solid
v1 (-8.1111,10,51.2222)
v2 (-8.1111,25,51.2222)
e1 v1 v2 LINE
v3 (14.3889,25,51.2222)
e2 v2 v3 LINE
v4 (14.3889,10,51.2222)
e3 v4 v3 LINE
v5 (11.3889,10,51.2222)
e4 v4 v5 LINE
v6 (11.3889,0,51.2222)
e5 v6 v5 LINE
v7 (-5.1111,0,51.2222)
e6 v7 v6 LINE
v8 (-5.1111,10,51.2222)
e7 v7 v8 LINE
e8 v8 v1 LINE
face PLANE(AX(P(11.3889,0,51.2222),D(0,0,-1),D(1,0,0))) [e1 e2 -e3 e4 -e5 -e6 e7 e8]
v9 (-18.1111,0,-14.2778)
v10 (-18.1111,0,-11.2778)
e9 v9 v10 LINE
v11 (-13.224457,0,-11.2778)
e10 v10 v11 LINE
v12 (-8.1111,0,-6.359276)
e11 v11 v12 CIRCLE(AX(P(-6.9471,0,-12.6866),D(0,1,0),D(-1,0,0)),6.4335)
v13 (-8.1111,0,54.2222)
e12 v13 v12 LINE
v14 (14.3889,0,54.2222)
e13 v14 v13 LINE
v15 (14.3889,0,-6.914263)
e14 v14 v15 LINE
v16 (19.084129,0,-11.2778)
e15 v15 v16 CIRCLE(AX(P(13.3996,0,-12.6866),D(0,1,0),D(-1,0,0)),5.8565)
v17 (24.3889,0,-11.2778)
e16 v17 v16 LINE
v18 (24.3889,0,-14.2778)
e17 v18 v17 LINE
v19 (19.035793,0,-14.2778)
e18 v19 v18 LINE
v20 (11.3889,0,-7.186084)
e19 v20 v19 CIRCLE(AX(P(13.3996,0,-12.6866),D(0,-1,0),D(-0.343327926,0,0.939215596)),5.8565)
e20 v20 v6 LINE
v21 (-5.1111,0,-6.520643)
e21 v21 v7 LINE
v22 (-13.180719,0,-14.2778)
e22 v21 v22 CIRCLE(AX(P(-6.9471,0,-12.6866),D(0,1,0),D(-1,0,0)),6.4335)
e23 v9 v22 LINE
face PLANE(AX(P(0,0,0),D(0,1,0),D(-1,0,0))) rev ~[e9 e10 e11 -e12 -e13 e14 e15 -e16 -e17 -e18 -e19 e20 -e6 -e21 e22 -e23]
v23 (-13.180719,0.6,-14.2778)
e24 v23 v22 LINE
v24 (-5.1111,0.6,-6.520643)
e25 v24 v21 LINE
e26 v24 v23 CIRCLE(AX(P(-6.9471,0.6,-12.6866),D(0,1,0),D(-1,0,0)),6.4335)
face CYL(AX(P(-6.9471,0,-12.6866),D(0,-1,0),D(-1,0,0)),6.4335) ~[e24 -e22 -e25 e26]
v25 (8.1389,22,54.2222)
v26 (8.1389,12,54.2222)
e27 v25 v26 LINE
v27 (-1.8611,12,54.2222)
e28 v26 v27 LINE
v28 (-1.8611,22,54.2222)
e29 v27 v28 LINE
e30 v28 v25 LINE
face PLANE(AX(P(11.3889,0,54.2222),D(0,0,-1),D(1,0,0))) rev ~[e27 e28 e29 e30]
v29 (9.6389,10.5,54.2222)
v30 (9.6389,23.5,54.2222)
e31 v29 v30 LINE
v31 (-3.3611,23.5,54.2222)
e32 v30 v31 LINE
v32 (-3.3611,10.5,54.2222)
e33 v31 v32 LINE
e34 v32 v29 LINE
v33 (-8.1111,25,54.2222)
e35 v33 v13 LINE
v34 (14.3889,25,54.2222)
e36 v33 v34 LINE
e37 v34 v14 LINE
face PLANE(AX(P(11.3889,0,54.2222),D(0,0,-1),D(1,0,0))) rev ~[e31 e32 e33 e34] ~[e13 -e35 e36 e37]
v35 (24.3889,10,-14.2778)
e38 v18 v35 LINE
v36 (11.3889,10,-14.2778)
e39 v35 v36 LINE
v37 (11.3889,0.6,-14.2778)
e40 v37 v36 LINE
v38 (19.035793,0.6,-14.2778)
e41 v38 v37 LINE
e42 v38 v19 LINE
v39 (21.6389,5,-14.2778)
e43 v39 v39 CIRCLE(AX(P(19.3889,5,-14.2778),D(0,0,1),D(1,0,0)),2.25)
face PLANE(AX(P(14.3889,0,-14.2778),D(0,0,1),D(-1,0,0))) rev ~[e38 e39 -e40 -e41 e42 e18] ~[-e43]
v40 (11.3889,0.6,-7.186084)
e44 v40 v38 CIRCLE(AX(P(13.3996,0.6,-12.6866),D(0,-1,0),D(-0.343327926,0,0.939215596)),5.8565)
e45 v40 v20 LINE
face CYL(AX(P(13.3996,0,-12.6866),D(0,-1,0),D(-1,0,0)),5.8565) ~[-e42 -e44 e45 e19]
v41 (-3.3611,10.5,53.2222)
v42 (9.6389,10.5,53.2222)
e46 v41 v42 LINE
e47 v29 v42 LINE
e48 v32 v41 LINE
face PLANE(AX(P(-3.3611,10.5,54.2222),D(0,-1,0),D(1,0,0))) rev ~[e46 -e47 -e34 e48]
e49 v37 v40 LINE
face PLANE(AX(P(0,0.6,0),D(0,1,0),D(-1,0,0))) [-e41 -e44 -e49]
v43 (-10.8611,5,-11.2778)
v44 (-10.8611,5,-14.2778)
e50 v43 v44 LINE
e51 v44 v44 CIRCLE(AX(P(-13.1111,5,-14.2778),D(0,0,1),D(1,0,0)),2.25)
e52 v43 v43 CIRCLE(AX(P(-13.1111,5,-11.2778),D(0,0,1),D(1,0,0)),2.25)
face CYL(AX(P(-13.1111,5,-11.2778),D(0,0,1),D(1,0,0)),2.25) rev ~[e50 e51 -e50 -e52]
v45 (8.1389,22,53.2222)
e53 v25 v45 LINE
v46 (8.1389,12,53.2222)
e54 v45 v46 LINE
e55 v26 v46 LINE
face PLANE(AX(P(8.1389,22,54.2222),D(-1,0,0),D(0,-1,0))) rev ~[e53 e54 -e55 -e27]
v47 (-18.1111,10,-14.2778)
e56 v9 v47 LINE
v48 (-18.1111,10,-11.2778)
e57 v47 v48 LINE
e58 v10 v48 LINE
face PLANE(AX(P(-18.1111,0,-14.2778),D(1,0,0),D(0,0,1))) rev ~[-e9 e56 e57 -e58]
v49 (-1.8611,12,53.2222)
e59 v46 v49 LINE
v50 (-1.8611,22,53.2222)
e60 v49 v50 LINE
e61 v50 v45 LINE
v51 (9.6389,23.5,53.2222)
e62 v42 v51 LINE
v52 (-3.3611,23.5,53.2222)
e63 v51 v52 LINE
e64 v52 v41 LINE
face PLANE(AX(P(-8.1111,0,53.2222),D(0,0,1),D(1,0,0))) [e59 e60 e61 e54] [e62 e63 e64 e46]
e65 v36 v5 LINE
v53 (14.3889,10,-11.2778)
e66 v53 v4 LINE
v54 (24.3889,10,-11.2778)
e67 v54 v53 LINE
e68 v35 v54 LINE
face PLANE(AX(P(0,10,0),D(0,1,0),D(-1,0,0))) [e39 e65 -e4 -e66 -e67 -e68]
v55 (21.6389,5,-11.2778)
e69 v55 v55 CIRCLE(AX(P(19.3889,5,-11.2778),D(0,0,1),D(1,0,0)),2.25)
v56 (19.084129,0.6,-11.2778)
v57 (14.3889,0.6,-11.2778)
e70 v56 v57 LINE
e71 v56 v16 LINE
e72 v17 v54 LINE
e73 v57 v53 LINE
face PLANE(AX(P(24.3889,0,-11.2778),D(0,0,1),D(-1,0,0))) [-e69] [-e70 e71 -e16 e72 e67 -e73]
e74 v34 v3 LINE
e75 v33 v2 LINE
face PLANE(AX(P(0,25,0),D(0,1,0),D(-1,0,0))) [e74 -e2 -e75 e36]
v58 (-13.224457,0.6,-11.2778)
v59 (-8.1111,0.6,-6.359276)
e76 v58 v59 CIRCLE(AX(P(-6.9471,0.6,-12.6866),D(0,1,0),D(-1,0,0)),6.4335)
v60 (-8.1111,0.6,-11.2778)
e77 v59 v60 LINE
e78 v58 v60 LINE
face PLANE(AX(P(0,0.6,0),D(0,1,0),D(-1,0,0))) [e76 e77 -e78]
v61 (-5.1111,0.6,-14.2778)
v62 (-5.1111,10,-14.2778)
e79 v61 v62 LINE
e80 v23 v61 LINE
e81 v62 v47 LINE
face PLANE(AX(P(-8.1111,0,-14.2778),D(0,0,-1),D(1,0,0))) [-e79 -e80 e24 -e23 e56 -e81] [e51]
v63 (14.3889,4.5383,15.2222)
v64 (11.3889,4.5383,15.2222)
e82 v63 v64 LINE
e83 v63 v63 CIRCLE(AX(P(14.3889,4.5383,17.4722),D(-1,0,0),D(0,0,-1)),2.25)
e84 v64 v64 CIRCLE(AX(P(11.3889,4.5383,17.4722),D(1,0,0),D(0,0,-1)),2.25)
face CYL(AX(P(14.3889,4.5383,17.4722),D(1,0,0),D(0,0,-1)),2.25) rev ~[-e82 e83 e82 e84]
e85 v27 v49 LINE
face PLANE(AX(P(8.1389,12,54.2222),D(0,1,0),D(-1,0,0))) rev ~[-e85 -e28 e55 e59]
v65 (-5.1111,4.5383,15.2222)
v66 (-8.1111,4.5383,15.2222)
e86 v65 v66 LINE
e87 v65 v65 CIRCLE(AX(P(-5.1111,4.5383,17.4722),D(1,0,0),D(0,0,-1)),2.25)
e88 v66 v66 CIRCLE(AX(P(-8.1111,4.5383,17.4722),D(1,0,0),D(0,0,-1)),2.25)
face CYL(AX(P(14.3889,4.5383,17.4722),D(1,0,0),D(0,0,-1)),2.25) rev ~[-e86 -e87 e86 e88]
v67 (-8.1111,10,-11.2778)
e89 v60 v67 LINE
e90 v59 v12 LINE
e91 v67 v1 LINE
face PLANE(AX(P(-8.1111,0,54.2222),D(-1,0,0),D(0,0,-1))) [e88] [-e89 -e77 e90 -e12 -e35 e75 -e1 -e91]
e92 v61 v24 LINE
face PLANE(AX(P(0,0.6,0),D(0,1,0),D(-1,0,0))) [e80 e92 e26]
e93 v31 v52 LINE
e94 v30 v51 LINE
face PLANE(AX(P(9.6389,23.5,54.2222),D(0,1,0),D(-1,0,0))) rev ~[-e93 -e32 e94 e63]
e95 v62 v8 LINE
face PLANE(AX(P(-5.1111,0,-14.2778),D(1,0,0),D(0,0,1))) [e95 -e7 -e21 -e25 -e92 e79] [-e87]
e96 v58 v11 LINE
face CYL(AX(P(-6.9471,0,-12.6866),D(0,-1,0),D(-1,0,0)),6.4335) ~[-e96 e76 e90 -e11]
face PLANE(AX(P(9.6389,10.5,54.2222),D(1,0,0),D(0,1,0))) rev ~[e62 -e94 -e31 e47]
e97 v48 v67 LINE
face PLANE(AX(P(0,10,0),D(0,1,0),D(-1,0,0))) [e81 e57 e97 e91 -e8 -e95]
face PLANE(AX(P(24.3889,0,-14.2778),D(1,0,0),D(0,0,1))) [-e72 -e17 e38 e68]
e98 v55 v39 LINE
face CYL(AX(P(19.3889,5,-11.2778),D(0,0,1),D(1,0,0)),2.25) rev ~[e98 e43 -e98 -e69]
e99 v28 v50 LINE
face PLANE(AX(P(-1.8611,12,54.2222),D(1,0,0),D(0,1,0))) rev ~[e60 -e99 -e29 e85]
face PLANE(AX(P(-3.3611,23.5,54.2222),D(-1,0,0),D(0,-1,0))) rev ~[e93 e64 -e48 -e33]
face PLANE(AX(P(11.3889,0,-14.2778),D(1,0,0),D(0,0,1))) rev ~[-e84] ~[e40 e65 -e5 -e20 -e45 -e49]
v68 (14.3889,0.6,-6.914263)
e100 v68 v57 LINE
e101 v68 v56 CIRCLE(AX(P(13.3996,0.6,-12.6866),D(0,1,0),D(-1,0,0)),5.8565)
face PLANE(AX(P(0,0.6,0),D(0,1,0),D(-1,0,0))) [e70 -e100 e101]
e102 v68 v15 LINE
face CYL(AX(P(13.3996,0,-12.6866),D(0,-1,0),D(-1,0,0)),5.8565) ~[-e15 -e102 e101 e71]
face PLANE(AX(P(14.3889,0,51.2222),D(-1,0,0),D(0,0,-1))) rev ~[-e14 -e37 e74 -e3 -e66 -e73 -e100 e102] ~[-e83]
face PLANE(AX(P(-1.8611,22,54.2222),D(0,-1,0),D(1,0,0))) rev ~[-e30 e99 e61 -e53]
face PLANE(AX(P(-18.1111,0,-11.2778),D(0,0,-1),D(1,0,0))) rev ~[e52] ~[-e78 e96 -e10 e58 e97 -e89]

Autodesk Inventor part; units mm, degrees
ref_plane "YZ Plane" through (0, 0, 0) normal (1, 0, 0) x (0, 1, 0)
ref_plane "XZ Plane" through (0, 0, 0) normal (0, 1, 0) x (-1, 0, 0)
ref_plane "XY Plane" through (0, 0, 0) normal (0, 0, 1) x (1, 0, 0)
sketch "Sketch1" plane through (0, 0, 0) normal (0, 1, 0) x (-1, 0, 0)
  line L0 (-14.3889, -14.2778) -> (-11.3889, -14.2778)
  line L1 (-11.3889, -14.2778) -> (-11.3889, 54.2222)
  line L2 (-11.3889, 54.2222) -> (-14.3889, 54.2222)
  line L3 (-14.3889, 54.2222) -> (-14.3889, -14.2778)
  line L4 (-11.3889, 54.2222) -> (5.1111, 54.2222)
  line L5 (5.1111, 54.2222) -> (5.1111, 51.2222)
  line L6 (5.1111, 51.2222) -> (-11.3889, 51.2222)
  line L7 (-11.3889, 51.2222) -> (-11.3889, 54.2222)
  line L8 (5.1111, 54.2222) -> (8.1111, 54.2222)
  line L9 (8.1111, 54.2222) -> (8.1111, -14.2778)
  line L10 (8.1111, -14.2778) -> (5.1111, -14.2778)
  line L11 (5.1111, -14.2778) -> (5.1111, 54.2222)
  line L12 (8.1111, -14.2778) -> (18.1111, -14.2778)
  line L13 (18.1111, -14.2778) -> (18.1111, -11.2778)
  line L14 (18.1111, -11.2778) -> (8.1111, -11.2778)
  line L15 (8.1111, -11.2778) -> (8.1111, -14.2778)
  line L16 (-14.3889, -14.2778) -> (-24.3889, -14.2778)
  line L17 (-24.3889, -14.2778) -> (-24.3889, -11.2778)
  line L18 (-24.3889, -11.2778) -> (-14.3889, -11.2778)
  line L19 (-14.3889, -11.2778) -> (-14.3889, -14.2778)
  line L20 (-14.3889, 54.2222) -> (8.1111, 54.2222)
  line L21 (8.1111, 54.2222) -> (8.1111, 51.2222)
  line L22 (8.1111, 51.2222) -> (-14.3889, 51.2222)
  line L23 (-14.3889, 51.2222) -> (-14.3889, 54.2222)
  point P0 (0, 0)
  dimension "d0" = 10
  dimension "d1" = 10
  dimension "d2" = 3
  dimension "d3" = 3
  dimension "d4" = 3
  dimension "d5" = 3
  dimension "d6" = 3
  dimension "d7" = 68.5
  dimension "d8" = 16.5
extrude "Extrusion1" add sketch "Sketch1" along normal blind 10
sketch "Sketch2" plane through (14.3889, 0, 54.2222) normal (1, 0, 0) x (0, 0, -1)
  line L0 (0, 10) -> (65.5, 10) projected
  line L1 (0, 0) -> (65.5, 0) projected
  line L2 (31.75, 14.4261) -> (31.75, -5.3494)
  line L3 (68.5, 0) -> (68.5, 10) projected
  circle A0 centre (36.75, 4.5383) radius 2.25
  line L4 (31.75, 4.5383) -> (48.4854, 4.5383)
  point P0 (54.2222, 0)
  dimension "d11" = 36.75
  dimension "d12" = 4.5
  dimension "d13" = 5
extrude "Extrusion2" cut sketch "Sketch2" against normal blind 40
sketch "Sketch3" plane through (14.3889, 0, -11.2778) normal (0, 0, 1) x (1, 0, 0)
  circle A0 centre (5, 5) radius 2.25
  point P0 (-14.3889, 0)
  dimension "d16" = 4.5
extrude "Extrusion3" cut sketch "Sketch3" against normal blind 3
sketch "Sketch4" plane through (-18.1111, 0, -11.2778) normal (0, 0, 1) x (1, 0, 0)
  circle A0 centre (5, 5) radius 2.25
  point P0 (18.1111, 0)
  dimension "d19" = 4.5
extrude "Extrusion4" cut sketch "Sketch4" against normal blind 3
extrude "Extrusion5" add sketch "Sketch1" along normal blind 25 contours L22 L3 L2 L1 | L1 L4 L5 L6 | L5 L8 L9 L22
sketch "Sketch5" plane through (-8.1111, 0, 54.2222) normal (0, 0, 1) x (1, 0, 0)
  line L0 (0, 25) -> (22.5, 25) projected
  line L1 (0, 0) -> (0, 25) projected
  circle A0 centre (27.5, 5) radius 2.25 projected
  line L2 (5.9472, 17) -> (15.4403, 17) construction
  line L3 (6.25, 22) -> (16.25, 22)
  line L4 (16.25, 22) -> (16.25, 12)
  line L5 (16.25, 12) -> (6.25, 12)
  line L6 (6.25, 12) -> (6.25, 22)
  line L7 (17.75, 23.5) -> (4.75, 23.5)
  line L8 (4.75, 23.5) -> (4.75, 10.5)
  line L9 (4.75, 10.5) -> (17.75, 10.5)
  line L10 (17.75, 10.5) -> (17.75, 23.5)
  point P0 (8.1111, 0)
  point P1 (11.25, 22)
  point P2 (11.25, 25)
  point P3 (16.25, 17)
  dimension "d24" = 12
  dimension "d25" = 10
  dimension "d26" = 10
  dimension "d27" = 1.5
extrude "Extrusion6" cut sketch "Sketch5" against normal blind 1 contours L10 L9 L8 L7
sketch "Sketch6" plane through (0, 0, 0) normal (0, 1, 0) x (-1, 0, 0)
  circle A0 centre (-13.3996, -12.6866) radius 5.8565
  circle A1 centre (6.9471, -12.6866) radius 6.4335
  point P0 (0, 0)
extrude "Extrusion7" add sketch "Sketch6" along normal blind 0.6
properties part number "BarClip"
